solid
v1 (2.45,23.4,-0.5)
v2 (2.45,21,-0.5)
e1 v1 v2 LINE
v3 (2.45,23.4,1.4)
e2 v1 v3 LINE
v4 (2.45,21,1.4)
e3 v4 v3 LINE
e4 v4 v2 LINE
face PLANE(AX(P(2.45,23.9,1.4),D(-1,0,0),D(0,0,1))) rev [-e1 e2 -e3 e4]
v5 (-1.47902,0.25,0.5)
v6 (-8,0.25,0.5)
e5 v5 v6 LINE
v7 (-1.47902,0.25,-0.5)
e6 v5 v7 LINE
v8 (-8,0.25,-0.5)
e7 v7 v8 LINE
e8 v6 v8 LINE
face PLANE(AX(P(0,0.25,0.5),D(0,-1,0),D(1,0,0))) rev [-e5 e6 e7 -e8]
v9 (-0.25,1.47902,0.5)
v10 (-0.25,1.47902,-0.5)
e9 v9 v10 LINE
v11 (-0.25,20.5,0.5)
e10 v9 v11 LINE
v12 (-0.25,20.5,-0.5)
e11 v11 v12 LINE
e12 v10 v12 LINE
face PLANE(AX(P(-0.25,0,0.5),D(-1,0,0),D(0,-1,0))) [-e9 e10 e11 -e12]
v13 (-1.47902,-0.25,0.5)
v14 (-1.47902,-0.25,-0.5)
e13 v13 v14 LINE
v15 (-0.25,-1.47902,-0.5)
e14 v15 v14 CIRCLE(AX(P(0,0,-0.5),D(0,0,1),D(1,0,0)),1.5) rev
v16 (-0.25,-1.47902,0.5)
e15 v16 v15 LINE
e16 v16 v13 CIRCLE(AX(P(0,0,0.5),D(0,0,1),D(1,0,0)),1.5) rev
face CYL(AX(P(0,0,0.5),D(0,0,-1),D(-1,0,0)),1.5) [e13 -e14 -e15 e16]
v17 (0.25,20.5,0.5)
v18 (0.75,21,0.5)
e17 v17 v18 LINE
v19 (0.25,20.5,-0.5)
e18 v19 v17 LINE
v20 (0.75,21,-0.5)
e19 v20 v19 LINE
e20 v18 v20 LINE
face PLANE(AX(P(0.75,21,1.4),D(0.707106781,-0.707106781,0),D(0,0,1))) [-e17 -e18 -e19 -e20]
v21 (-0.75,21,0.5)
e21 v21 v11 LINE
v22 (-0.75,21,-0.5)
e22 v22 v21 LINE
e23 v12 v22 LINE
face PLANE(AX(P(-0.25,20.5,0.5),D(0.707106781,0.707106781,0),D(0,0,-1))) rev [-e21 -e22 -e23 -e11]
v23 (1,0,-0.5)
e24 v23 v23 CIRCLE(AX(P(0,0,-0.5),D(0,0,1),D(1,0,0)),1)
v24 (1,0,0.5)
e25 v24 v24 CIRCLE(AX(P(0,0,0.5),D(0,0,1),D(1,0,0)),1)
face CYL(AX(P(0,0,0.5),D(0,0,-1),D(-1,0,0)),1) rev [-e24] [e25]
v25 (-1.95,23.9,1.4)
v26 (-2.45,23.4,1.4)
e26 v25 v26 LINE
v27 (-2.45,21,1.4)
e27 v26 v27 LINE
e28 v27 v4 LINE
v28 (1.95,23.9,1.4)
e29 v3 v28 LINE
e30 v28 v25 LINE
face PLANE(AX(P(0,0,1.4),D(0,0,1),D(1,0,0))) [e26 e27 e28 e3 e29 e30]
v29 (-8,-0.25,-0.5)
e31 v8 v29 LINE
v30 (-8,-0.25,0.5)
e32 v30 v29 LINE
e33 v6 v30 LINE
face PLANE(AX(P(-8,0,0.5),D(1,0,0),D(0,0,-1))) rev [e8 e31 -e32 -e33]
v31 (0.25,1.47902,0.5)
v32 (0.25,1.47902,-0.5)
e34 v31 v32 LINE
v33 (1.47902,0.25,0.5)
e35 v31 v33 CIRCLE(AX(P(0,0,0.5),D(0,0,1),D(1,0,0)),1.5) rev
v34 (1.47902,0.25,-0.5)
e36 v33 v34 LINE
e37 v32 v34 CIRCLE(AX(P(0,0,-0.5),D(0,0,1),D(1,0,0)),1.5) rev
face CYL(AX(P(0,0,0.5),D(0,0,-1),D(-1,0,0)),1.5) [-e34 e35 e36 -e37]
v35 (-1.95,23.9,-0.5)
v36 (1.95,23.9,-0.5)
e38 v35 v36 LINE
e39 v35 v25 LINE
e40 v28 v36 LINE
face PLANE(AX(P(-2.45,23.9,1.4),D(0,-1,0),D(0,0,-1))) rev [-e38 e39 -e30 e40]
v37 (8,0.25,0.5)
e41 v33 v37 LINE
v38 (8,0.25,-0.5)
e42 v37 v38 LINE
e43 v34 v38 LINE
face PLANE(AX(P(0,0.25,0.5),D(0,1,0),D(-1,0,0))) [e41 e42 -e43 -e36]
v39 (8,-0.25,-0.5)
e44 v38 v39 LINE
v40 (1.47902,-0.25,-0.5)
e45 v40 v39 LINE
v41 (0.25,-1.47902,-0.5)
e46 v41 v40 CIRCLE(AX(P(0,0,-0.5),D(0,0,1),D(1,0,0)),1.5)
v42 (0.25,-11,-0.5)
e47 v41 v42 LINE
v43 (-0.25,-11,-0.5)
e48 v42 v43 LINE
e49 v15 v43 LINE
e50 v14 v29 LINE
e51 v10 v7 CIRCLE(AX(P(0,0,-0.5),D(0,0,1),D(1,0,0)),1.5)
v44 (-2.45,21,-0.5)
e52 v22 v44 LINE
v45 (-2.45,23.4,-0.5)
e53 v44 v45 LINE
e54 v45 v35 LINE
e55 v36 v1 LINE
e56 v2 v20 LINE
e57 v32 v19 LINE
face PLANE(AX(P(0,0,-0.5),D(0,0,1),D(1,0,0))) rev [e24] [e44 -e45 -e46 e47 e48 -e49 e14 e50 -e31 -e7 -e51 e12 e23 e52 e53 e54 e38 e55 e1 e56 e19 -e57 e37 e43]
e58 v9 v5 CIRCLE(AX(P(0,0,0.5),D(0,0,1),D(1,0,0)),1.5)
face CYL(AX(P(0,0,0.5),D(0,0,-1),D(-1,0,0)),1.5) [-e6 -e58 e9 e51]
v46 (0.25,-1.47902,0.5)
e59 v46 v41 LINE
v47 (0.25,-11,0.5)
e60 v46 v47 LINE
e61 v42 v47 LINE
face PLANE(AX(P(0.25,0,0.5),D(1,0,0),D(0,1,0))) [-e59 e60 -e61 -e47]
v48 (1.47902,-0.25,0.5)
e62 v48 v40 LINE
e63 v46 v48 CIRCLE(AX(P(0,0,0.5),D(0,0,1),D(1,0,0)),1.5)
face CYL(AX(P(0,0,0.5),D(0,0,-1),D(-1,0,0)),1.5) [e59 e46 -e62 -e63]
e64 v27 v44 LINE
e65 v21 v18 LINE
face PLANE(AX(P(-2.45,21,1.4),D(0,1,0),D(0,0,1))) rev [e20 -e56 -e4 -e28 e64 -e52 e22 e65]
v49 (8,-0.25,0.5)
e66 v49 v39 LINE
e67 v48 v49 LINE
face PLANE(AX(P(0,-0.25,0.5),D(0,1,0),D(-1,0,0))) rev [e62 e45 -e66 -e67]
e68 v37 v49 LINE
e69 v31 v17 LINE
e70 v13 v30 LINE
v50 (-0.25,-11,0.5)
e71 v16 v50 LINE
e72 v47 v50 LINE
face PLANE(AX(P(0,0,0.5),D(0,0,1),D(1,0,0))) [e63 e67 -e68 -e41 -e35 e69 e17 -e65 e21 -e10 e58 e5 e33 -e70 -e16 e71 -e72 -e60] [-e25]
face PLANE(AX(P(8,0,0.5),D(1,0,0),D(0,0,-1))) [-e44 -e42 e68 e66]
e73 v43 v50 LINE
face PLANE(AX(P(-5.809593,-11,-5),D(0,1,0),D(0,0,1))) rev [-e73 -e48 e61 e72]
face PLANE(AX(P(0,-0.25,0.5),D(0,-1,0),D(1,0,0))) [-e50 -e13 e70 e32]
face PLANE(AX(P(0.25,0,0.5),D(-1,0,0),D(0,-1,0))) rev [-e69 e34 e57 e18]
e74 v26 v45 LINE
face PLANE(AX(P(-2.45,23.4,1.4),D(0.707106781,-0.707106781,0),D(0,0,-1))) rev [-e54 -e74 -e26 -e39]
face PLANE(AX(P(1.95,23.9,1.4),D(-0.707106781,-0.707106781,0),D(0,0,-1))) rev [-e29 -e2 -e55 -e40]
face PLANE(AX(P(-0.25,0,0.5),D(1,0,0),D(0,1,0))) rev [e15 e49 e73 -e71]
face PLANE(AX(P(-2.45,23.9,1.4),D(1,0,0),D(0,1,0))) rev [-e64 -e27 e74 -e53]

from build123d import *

# Parameters (mm, degrees)
SKETCH_1_R          = 1
EXTRUDE_1_DEPTH     = 0.5
SKETCH_2_W          = 4.9
SKETCH_2_H          = 2.9
EXTRUDE_2_DEPTH     = 1.4
SKETCH_2_2_W        = 4.9
SKETCH_2_2_H        = 2.9
EXTRUDE_3_DEPTH     = 0.5
CHAMFER_1_SIZE      = 0.5
CHAMFER_2_SIZE      = 0.5
SKETCH_3_W          = 11.619186974
SKETCH_3_H          = 20
CUT_EXTRUDE_1_DEPTH = 5


with BuildPart() as part:
    # 스케치1 → 보스-돌출1 (new, symmetric)
    with BuildSketch(Plane.XY):
        with BuildLine():
            ThreePointArc((-0.25, -1.479019946), (-1.060660172, -1.060660172), (-1.479019946, -0.25))
            Line((-1.479019946, -0.25), (-8, -0.25))
            Line((-8, -0.25), (-8, 0.25))
            Line((-8, 0.25), (-1.479019946, 0.25))
            ThreePointArc((-1.479019946, 0.25), (-1.060660172, 1.060660172), (-0.25, 1.479019946))
            Line((-0.25, 1.479019946), (-0.25, 21))
            Line((-0.25, 21), (0.25, 21))
            Line((0.25, 21), (0.25, 1.479019946))
            ThreePointArc((0.25, 1.479019946), (1.060660172, 1.060660172), (1.479019946, 0.25))
            Line((1.479019946, 0.25), (8, 0.25))
            Line((8, 0.25), (8, -0.25))
            Line((8, -0.25), (1.479019946, -0.25))
            ThreePointArc((1.479019946, -0.25), (1.060660172, -1.060660172), (0.25, -1.479019946))
            Line((0.25, -1.479019946), (0.25, -21))
            Line((0.25, -21), (-0.25, -21))
            Line((-0.25, -21), (-0.25, -1.479019946))
        make_face()
        Circle(SKETCH_1_R, mode=Mode.SUBTRACT)
    extrude(amount=EXTRUDE_1_DEPTH, both=True)

    # 스케치2 → 보스-돌출2 (add)
    with BuildSketch(Plane.XY):
        with Locations((0, 22.45)):
            Rectangle(SKETCH_2_W, SKETCH_2_H)
    extrude(amount=EXTRUDE_2_DEPTH)

    # 스케치2<2> → 보스-돌출3 (add)
    with BuildSketch(Plane.XY):
        with Locations((0, 22.45)):
            Rectangle(SKETCH_2_2_W, SKETCH_2_2_H)
    extrude(amount=-EXTRUDE_3_DEPTH)

    # 모따기1
    chamfer_1_edges = [part.edges().sort_by_distance(p)[0] for p in [
        (2.45, 23.9, 0.45),
        (-2.45, 23.9, 0.45),
    ]]
    chamfer(chamfer_1_edges, length=CHAMFER_1_SIZE)

    # 모따기2
    chamfer_2_edges = [part.edges().sort_by_distance(p)[0] for p in [
        (-0.25, 21, 0),
        (0.25, 21, 0),
    ]]
    chamfer(chamfer_2_edges, length=CHAMFER_2_SIZE)

    # 스케치3 → 컷-돌출1 (cut, symmetric)
    with BuildSketch(Plane.XY):
        with Locations((0, -21)):
            Rectangle(SKETCH_3_W, SKETCH_3_H)
    extrude(amount=CUT_EXTRUDE_1_DEPTH, both=True, mode=Mode.SUBTRACT)


solid = part.part
